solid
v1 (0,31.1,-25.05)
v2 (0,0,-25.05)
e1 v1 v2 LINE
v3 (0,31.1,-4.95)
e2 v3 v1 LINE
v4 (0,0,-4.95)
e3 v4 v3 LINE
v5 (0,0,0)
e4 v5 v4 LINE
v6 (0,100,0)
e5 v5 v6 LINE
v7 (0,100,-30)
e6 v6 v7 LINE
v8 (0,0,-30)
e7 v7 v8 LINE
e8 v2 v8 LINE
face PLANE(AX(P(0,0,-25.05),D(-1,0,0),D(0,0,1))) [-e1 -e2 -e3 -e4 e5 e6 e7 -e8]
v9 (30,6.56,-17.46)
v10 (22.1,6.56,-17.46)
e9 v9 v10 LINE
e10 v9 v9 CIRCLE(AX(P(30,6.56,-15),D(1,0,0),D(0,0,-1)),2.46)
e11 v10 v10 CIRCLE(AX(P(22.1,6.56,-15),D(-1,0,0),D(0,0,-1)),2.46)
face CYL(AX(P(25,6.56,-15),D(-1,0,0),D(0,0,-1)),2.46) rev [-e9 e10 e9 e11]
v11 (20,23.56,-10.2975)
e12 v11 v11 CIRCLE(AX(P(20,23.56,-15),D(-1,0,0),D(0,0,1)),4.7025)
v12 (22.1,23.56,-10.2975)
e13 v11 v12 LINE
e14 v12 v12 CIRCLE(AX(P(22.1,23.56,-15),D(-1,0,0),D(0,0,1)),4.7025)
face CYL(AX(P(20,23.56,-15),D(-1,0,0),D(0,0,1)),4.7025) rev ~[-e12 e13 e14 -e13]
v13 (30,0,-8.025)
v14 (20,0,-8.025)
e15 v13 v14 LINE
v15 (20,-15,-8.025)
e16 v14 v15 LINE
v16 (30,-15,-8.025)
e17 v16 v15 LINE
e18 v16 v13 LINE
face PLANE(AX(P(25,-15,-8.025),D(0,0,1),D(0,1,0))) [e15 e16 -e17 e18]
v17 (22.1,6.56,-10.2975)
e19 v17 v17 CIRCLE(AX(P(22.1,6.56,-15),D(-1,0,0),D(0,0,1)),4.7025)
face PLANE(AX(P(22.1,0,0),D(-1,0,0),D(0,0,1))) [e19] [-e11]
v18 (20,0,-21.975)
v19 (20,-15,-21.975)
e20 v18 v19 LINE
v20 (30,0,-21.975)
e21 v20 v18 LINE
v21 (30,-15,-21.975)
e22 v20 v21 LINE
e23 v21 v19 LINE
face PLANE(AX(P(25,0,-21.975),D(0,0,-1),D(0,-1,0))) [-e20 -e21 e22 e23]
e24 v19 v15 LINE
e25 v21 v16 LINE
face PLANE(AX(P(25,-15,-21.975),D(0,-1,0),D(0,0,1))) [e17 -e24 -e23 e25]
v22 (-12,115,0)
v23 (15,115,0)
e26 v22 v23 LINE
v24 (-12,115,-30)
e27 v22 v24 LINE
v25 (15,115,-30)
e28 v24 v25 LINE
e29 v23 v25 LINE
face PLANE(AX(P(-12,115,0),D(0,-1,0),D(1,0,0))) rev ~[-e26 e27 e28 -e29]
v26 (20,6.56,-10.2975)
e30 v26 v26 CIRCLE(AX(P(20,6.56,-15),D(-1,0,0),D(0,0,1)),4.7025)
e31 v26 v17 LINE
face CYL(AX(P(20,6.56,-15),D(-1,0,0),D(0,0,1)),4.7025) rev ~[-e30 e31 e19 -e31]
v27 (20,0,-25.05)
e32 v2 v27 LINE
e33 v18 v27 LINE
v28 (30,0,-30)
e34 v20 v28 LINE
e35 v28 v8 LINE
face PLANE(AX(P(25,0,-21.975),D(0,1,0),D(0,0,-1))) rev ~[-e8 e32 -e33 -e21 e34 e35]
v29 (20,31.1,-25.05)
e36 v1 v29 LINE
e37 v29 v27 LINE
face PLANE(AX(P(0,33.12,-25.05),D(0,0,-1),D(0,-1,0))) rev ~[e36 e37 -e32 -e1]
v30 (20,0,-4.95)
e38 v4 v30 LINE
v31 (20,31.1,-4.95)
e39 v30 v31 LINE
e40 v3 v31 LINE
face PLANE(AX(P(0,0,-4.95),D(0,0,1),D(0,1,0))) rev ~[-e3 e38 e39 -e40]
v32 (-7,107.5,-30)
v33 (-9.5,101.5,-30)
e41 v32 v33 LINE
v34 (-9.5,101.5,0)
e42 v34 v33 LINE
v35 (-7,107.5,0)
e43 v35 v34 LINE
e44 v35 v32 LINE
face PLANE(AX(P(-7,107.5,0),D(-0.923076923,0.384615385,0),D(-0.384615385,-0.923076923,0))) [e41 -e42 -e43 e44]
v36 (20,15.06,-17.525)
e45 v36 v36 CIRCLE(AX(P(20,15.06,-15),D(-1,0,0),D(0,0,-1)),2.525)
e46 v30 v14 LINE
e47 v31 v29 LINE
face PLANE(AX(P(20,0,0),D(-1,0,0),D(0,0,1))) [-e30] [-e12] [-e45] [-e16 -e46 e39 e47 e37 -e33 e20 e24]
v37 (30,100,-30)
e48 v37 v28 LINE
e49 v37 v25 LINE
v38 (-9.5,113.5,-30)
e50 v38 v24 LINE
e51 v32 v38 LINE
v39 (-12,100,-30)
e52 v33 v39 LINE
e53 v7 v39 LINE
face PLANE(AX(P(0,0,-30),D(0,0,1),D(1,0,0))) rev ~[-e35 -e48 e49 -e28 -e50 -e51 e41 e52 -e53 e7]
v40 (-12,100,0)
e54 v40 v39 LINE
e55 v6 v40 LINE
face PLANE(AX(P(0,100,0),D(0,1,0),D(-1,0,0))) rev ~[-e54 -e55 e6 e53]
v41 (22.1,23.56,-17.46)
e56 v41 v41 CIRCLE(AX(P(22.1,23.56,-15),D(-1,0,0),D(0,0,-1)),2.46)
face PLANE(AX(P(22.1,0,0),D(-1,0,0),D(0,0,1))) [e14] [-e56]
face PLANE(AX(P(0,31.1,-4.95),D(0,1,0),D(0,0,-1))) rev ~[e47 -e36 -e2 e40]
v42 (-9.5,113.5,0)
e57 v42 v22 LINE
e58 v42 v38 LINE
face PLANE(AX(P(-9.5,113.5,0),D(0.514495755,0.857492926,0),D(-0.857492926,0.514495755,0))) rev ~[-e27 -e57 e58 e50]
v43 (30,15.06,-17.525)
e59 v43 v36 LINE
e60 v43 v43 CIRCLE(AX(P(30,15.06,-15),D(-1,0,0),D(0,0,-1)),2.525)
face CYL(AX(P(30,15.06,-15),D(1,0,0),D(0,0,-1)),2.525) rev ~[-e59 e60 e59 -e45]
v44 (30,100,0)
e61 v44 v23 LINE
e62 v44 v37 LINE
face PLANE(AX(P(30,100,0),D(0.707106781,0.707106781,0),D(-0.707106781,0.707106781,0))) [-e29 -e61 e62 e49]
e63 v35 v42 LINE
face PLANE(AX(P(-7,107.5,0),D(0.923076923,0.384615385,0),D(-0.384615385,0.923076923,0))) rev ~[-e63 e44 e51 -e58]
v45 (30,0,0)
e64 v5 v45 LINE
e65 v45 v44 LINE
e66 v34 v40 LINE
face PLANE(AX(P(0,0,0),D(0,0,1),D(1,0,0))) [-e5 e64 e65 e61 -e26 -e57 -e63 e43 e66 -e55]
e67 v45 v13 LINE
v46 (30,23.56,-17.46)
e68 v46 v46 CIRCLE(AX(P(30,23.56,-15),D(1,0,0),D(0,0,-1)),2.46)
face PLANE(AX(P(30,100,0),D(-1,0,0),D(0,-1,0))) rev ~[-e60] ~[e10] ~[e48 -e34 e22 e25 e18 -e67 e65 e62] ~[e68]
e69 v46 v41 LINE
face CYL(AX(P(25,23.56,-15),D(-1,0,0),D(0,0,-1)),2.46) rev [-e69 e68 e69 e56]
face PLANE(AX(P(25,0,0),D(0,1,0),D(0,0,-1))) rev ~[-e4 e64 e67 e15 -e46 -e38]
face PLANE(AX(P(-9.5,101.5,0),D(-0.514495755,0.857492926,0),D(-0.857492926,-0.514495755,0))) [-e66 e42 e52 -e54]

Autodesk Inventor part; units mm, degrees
ref_plane "YZ Plane" through (0, 0, 0) normal (1, 0, 0) x (0, 1, 0)
ref_plane "XZ Plane" through (0, 0, 0) normal (0, 1, 0) x (-1, 0, 0)
ref_plane "XY Plane" through (0, 0, 0) normal (0, 0, 1) x (1, 0, 0)
sketch "Sketch1" plane through (0, 0, 0) normal (0, 0, 1) x (1, 0, 0)
  line L0 (0, 0) -> (25, 0)
  line L1 (25, 0) -> (25, 40)
  line L2 (25, 40) -> (0, 40)
  line L3 (0, 40) -> (0, 0)
  dimension "d1" = 25
  dimension "d2" = 40
  dimension "d3" = 25
extrude "Extrusion1" add sketch "Sketch1" against normal blind 30
sketch "Sketch2" plane through (25, 0, 0) normal (1, 0, 0) x (0, 0, -1)
  line L0 (0, 0) -> (30, 0) projected
  circle A0 centre (15, 6.56) radius 2.46
extrude "Extrusion2" cut sketch "Sketch2" against normal blind 30
sketch "Sketch3" plane through (0, 0, 0) normal (-1, 0, 0) x (0, 0, 1)
  line L0 (0, 0) -> (-30, 0) projected
  line L1 (-25.05, 0) -> (-4.95, 0)
  line L2 (-4.95, 0) -> (-4.95, 33.12)
  line L3 (-4.95, 33.12) -> (-25.05, 33.12)
  line L4 (-25.05, 33.12) -> (-25.05, 0)
  dimension "d11" = 20.1
extrude "Extrusion3" cut sketch "Sketch3" against normal blind 20
sketch "Sketch4" plane through (0, 0, 0) normal (0, -1, 0) x (1, 0, 0)
  line L0 (20, -4.95) -> (20, -25.05) projected
  line L1 (20, -15) -> (25, -15)
  line L2 (25, 0) -> (25, -30) projected
  line L3 (20, -8.025) -> (25, -8.025)
  line L4 (25, -8.025) -> (25, -21.975)
  line L5 (25, -21.975) -> (20, -21.975)
  line L6 (20, -21.975) -> (20, -8.025)
  line L7 (20, -8.025) -> (25, -21.975) construction
  line L8 (25, -8.025) -> (20, -21.975) construction
  line L9 (25, -12.54) -> (25, -17.46) projected
  point P0 (0, 0)
  point P1 (22.5, -15)
  dimension "d14" = 13.95
extrude "Extrusion4" add sketch "Sketch4" along normal blind 15
sketch "Sketch5" plane through (20, 0, 0) normal (-1, 0, 0) x (0, 0, 1)
  circle A0 centre (-15, 6.56) radius 2.46 projected
  circle A1 centre (-15, 6.56) radius 4.7025
  circle A2 centre (-15, 6.56) radius 2.46 projected
  circle A3 centre (-15, 6.56) radius 2.46
  point P0 (0, 0)
  dimension "d17" = 9.405
extrude "Extrusion5" cut sketch "Sketch5" against normal blind 2.1
sketch "Sketch6" plane through (25, 0, 0) normal (1, 0, 0) x (0, 0, -1)
  circle A0 centre (15, 6.56) radius 4.7025 projected
  line L0 (15, 6.56) -> (15, 23.56)
  circle A1 centre (15, 23.56) radius 2.46
  point P0 (0, 0)
  dimension "d20" = 17
  dimension "d21" = 4.92
extrude "Extrusion6" cut sketch "Sketch6" against normal blind 10 contours A1
sketch "Sketch7" plane through (20, 0, 0) normal (-1, 0, 0) x (0, 0, 1)
  circle A0 centre (-15, 23.56) radius 2.46 projected
  circle A1 centre (-15, 23.56) radius 4.7025
  point P0 (0, 0)
  dimension "d24" = 9.405
extrude "Extrusion7" cut sketch "Sketch7" against normal blind 2.1
sketch "Sketch9" plane through (25, 0, 0) normal (1, 0, 0) x (0, 0, -1)
  circle A0 centre (15, 6.56) radius 2.46 projected
  circle A1 centre (15, 6.56) radius 2.46
  circle A2 centre (15, 23.56) radius 2.46 projected
  circle A3 centre (15, 23.56) radius 2.46
  line L0 (30, 40) -> (30, 0) projected
  line L1 (30, 0) -> (30, 40)
  line L2 (30, 40) -> (0, 40)
  line L3 (0, 40) -> (0, 0)
  line L4 (0, 0) -> (8.025, 0) projected
  line L5 (21.975, 0) -> (21.975, -15)
  line L6 (21.975, -15) -> (8.025, -15)
  line L7 (8.025, -15) -> (8.025, 0)
  line L8 (0, 0) -> (8.025, 0)
  line L9 (21.975, 0) -> (30, 0)
extrude "Extrusion8" add sketch "Sketch9" along normal blind 5
sketch "Sketch10" plane through (0, 40, 0) normal (0, 1, 0) x (1, 0, 0)
  line L0 (0, 30) -> (30, 30) projected
  line L1 (30, 0) -> (0, 0) projected
  line L2 (0, 30) -> (30, 30)
  line L3 (30, 30) -> (30, 0)
  line L4 (30, 0) -> (0, 0)
  line L5 (0, 0) -> (0, 30)
extrude "Extrusion9" add sketch "Sketch10" along normal blind 30
sketch "Sketch12" plane through (30, 0, 0) normal (1, 0, 0) x (0, 0, -1)
  circle A0 centre (15, 6.56) radius 2.46 projected
  line L0 (15, 6.56) -> (15, 15.06)
  circle A1 centre (15, 15.06) radius 2.525
  point P0 (0, 0)
  dimension "d31" = 8.5
  dimension "d33" = 5.05
extrude "Extrusion10" cut sketch "Sketch12" against normal blind 30 contours A1
sketch "Sketch14" plane through (0, 0, 0) normal (0, 0, 1) x (1, 0, 0)
  line L0 (30, 70) -> (0, 70) projected
  line L1 (0, 70) -> (0, 85)
  line L2 (30, 100) -> (15, 115)
  line L3 (-12, 115) -> (15, 115)
  line L4 (30, 0) -> (30, 70) projected
  line L5 (30, 100) -> (30, 70)
  line L6 (-9.5, 113.5) -> (-12, 115)
  line L7 (-9.5, 101.5) -> (-12, 100)
  line L8 (-7, 107.5) -> (-9.5, 101.5)
  line L9 (-7, 107.5) -> (-9.5, 113.5)
  line L10 (0, 100) -> (0, 85)
  line L11 (0, 100) -> (-12, 100)
  point P0 (0, 0)
  dimension "d49" = 15
  dimension "d61" = 12
extrude "Extrusion12" add sketch "Sketch14" against normal blind 30
sketch "Sketch15" plane through (0, 0, -25.05) normal (-1, 0, 0) x (0, 0, 1)
  line L0 (0, 33.12) -> (20.1, 33.12) projected
  line L1 (20.1, 33.12) -> (20.1, 0) projected
  line L2 (0, 33.12) -> (20.1, 33.12)
  line L3 (20.1, 33.12) -> (20.1, 31.1)
  line L4 (20.1, 31.1) -> (0, 31.1)
  line L5 (0, 31.1) -> (0, 33.12)
  point P0 (25.05, 0)
  dimension "d57" = 2.02
extrude "Extrusion13" add sketch "Sketch15" against normal blind 20
properties part number "10mm_x_30mm"
